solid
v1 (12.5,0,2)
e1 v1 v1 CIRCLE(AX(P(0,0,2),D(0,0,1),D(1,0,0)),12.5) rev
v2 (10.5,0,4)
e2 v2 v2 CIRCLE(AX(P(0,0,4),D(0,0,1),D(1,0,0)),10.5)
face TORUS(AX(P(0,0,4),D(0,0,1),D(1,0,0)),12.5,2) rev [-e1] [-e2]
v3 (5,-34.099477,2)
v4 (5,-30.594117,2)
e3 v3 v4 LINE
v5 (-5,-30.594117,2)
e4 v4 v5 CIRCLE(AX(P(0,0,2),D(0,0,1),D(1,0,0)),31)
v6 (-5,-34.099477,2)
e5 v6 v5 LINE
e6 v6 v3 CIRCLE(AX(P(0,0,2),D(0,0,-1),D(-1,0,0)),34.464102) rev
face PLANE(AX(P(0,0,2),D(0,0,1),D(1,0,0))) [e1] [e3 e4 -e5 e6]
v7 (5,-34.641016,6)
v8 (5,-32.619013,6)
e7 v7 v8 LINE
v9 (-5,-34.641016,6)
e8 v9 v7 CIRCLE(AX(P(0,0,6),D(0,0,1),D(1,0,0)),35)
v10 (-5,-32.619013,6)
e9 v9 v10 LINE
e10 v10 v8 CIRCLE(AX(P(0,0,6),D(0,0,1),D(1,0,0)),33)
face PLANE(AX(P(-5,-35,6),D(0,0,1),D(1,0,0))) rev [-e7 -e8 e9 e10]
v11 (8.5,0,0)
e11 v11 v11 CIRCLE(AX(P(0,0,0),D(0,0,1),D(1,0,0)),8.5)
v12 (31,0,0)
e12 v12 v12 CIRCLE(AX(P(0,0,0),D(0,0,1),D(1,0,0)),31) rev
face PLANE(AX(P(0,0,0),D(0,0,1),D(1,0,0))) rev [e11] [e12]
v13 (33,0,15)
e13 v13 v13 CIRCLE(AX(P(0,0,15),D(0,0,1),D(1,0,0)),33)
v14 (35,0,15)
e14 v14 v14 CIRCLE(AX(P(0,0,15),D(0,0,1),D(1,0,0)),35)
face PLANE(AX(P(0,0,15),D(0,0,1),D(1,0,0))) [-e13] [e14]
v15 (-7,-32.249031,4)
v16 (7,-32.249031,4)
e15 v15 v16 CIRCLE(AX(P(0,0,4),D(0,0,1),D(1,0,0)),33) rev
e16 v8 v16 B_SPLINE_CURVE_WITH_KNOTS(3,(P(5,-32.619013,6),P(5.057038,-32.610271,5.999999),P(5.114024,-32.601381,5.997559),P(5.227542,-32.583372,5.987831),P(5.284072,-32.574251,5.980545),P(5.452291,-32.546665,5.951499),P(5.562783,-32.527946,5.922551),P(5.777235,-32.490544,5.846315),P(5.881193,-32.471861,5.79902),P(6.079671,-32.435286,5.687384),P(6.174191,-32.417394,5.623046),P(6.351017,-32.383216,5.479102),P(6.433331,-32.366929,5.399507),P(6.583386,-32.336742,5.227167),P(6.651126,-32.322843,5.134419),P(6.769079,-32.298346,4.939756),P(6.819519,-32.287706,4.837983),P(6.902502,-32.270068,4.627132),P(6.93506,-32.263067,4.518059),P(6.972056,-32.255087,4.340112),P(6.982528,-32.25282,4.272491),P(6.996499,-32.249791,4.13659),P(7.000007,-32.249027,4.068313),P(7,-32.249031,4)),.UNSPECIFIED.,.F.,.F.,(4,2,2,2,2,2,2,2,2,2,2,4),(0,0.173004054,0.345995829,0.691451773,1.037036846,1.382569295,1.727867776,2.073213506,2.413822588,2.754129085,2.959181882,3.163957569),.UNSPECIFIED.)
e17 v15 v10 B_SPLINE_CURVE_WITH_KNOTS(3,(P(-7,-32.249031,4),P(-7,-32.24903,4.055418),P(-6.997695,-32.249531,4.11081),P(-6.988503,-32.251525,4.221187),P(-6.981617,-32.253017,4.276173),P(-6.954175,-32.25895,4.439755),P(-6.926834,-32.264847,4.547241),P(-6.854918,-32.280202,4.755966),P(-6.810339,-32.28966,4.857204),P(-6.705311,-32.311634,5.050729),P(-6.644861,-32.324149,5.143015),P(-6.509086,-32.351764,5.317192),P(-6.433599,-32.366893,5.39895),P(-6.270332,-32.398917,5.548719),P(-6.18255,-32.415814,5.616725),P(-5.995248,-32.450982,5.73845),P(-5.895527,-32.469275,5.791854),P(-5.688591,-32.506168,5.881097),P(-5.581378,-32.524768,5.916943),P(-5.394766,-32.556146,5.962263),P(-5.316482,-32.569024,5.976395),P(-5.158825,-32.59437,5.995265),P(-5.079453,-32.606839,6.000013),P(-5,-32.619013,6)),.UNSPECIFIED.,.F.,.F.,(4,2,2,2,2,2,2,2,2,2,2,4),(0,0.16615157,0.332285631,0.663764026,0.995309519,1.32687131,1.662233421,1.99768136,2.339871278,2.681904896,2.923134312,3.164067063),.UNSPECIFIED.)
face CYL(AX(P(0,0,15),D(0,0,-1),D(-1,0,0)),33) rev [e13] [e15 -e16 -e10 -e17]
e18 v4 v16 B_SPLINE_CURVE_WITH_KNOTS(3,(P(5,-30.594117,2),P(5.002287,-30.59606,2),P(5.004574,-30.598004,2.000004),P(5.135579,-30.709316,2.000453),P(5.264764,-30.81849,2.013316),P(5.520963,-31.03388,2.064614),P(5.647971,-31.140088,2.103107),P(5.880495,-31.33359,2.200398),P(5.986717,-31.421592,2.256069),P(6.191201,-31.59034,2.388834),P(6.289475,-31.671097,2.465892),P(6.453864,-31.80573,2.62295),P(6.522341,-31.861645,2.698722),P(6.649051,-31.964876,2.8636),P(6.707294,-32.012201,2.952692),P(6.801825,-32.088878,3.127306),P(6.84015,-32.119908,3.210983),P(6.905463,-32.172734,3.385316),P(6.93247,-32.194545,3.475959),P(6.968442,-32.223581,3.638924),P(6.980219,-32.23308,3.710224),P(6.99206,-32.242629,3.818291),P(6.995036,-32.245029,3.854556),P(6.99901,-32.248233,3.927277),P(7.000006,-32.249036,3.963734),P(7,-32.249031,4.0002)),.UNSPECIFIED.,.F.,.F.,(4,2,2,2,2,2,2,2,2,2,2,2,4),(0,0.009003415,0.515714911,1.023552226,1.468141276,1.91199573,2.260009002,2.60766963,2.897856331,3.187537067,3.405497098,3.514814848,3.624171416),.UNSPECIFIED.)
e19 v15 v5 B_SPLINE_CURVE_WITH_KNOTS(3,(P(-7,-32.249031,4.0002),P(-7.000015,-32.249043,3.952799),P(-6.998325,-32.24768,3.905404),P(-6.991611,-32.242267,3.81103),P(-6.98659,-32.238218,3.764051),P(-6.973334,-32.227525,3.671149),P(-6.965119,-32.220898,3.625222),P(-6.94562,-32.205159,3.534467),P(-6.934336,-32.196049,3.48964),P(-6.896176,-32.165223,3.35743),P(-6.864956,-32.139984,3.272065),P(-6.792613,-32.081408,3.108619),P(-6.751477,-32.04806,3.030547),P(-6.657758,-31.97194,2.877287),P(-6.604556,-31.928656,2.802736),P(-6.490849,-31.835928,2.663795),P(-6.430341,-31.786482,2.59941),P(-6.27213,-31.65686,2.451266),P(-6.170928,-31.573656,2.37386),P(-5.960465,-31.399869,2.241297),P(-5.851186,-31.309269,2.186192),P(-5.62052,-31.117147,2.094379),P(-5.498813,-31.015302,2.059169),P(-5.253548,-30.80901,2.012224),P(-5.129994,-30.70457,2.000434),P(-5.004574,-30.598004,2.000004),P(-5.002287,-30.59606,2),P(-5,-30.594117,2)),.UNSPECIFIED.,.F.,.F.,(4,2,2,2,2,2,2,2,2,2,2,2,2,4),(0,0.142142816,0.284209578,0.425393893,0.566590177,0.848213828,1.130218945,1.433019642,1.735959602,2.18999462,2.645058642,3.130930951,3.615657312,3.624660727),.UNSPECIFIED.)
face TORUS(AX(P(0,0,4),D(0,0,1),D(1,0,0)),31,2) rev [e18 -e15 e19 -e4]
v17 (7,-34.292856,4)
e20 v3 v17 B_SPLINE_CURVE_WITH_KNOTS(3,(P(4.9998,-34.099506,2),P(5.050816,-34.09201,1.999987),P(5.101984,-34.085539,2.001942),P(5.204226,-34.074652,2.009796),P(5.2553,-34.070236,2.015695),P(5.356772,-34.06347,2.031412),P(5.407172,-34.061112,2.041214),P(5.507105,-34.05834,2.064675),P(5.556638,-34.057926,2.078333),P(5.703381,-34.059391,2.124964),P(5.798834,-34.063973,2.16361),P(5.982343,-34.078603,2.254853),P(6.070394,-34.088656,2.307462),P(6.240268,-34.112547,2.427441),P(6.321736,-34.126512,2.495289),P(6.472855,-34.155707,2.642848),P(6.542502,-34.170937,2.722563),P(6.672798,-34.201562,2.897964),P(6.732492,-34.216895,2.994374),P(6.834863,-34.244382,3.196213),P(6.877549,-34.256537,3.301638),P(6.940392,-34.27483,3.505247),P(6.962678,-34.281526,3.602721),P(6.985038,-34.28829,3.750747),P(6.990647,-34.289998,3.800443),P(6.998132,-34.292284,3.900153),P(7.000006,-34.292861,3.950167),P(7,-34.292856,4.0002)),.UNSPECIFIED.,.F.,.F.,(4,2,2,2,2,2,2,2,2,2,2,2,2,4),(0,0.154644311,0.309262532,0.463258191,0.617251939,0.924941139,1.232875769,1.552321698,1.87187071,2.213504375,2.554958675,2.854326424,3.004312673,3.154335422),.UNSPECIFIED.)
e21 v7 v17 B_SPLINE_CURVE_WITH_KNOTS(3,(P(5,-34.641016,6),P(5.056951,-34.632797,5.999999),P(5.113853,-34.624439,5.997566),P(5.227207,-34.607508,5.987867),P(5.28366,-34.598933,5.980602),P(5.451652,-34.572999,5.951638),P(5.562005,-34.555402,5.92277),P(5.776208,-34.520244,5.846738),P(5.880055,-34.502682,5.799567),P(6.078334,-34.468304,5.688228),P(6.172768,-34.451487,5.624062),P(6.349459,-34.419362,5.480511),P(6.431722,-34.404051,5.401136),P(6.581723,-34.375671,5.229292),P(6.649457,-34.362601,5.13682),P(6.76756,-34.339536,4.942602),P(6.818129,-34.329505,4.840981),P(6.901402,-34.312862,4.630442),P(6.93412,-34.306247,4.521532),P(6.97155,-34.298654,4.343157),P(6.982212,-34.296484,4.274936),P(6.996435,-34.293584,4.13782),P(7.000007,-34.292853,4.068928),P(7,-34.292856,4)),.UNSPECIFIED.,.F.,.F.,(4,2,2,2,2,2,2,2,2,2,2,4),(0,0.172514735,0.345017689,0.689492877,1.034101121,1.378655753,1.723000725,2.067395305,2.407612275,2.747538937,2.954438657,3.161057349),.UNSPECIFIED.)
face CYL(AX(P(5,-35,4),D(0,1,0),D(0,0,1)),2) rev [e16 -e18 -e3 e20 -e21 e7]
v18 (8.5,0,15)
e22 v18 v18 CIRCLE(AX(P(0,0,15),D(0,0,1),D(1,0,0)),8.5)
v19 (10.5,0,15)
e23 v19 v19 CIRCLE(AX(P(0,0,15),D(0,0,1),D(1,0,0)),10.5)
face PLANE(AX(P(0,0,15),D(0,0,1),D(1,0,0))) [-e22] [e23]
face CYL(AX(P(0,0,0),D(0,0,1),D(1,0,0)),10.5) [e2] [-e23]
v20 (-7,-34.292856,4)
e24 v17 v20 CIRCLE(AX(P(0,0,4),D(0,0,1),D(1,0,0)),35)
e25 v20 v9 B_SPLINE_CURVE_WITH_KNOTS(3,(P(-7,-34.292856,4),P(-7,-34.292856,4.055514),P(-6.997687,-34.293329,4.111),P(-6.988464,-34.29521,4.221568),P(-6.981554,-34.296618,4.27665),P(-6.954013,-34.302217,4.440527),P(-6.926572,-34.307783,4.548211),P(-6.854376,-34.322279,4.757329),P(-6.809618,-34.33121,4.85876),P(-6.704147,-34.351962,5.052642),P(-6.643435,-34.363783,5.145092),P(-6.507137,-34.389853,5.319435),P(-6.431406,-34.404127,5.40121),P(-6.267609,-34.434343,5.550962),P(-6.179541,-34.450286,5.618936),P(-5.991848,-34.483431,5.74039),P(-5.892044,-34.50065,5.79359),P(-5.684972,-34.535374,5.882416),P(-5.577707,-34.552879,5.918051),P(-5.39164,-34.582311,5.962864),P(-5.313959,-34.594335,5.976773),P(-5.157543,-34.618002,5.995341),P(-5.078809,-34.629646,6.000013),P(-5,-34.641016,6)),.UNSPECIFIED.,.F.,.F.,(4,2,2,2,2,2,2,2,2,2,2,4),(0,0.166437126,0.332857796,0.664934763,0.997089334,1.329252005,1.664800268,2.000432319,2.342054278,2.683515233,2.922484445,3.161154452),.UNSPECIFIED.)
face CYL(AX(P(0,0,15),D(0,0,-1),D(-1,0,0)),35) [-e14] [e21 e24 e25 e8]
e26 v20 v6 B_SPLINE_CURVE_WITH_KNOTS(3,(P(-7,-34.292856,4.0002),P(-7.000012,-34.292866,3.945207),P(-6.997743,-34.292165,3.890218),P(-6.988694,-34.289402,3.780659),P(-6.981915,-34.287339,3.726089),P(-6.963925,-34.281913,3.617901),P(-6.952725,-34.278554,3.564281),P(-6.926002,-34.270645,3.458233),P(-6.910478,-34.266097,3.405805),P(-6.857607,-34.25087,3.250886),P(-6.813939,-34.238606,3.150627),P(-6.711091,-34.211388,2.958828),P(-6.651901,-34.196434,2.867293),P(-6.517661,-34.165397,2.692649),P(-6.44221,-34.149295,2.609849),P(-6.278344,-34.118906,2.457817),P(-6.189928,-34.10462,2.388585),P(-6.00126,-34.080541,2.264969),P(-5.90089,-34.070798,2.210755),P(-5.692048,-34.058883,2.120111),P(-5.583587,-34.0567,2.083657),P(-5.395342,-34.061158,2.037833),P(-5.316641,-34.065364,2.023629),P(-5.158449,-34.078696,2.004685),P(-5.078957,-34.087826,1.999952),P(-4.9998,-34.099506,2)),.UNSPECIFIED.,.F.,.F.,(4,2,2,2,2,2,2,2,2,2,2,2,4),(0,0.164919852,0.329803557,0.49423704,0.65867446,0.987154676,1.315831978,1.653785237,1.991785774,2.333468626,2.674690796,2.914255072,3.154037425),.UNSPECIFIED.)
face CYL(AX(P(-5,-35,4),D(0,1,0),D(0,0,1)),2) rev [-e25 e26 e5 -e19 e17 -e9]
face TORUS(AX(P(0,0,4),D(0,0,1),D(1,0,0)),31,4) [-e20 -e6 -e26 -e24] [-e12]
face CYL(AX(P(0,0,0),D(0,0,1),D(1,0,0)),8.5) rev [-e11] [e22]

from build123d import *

# Parameters (mm, degrees)
CROQUIS1_R              = 35
SALIENTE_EXTRUIR1_DEPTH = 15
CROQUIS2_R              = 8.5
CORTAR_EXTRUIR1_DEPTH   = 52.720402164
VACIADO1_T              = -2
REDONDEO1_R             = 2
REDONDEO2_R             = 4
CORTAR_EXTRUIR2_START   = -25
CORTAR_EXTRUIR2_DEPTH   = 27.720402164


with BuildPart() as part:
    # Croquis1 → Saliente-Extruir1 (new body)
    with BuildSketch(Plane.XY):
        Circle(CROQUIS1_R)
    extrude(amount=SALIENTE_EXTRUIR1_DEPTH)

    # Croquis2 → Cortar-Extruir1 (cut, through all)
    with BuildSketch(Plane.XY.offset(15)):
        Circle(CROQUIS2_R)
    extrude(amount=-CORTAR_EXTRUIR1_DEPTH, mode=Mode.SUBTRACT)

    # Vaciado1
    vaciado1_openings = [part.faces().sort_by_distance(p)[0] for p in [
        (-34.010050506, 0, 15),
    ]]
    offset(amount=VACIADO1_T, openings=vaciado1_openings, kind=Kind.INTERSECTION)

    # Redondeo1
    redondeo1_edges = [part.edges().sort_by_distance(p)[0] for p in [
        (-33, 0, 2),
        (-10.5, 0, 2),
    ]]
    fillet(redondeo1_edges, radius=REDONDEO1_R)

    # Redondeo2
    redondeo2_edges = [part.edges().sort_by_distance(p)[0] for p in [
        (-35, 0, 0),
    ]]
    fillet(redondeo2_edges, radius=REDONDEO2_R)

    # Croquis3 → Cortar-Extruir2 (cut, through all)
    with BuildSketch(Plane(origin=(0, 0, 0), x_dir=(1, 0, 0), z_dir=(0, 1, 0)).offset(CORTAR_EXTRUIR2_START)):
        with BuildLine():
            Line((-5, -2), (5, -2))
            ThreePointArc((5, -2), (7, -4), (5, -6))
            Line((5, -6), (-5, -6))
            ThreePointArc((-5, -6), (-7, -4), (-5, -2))
        make_face()
    extrude(amount=-CORTAR_EXTRUIR2_DEPTH, mode=Mode.SUBTRACT)


solid = part.part
